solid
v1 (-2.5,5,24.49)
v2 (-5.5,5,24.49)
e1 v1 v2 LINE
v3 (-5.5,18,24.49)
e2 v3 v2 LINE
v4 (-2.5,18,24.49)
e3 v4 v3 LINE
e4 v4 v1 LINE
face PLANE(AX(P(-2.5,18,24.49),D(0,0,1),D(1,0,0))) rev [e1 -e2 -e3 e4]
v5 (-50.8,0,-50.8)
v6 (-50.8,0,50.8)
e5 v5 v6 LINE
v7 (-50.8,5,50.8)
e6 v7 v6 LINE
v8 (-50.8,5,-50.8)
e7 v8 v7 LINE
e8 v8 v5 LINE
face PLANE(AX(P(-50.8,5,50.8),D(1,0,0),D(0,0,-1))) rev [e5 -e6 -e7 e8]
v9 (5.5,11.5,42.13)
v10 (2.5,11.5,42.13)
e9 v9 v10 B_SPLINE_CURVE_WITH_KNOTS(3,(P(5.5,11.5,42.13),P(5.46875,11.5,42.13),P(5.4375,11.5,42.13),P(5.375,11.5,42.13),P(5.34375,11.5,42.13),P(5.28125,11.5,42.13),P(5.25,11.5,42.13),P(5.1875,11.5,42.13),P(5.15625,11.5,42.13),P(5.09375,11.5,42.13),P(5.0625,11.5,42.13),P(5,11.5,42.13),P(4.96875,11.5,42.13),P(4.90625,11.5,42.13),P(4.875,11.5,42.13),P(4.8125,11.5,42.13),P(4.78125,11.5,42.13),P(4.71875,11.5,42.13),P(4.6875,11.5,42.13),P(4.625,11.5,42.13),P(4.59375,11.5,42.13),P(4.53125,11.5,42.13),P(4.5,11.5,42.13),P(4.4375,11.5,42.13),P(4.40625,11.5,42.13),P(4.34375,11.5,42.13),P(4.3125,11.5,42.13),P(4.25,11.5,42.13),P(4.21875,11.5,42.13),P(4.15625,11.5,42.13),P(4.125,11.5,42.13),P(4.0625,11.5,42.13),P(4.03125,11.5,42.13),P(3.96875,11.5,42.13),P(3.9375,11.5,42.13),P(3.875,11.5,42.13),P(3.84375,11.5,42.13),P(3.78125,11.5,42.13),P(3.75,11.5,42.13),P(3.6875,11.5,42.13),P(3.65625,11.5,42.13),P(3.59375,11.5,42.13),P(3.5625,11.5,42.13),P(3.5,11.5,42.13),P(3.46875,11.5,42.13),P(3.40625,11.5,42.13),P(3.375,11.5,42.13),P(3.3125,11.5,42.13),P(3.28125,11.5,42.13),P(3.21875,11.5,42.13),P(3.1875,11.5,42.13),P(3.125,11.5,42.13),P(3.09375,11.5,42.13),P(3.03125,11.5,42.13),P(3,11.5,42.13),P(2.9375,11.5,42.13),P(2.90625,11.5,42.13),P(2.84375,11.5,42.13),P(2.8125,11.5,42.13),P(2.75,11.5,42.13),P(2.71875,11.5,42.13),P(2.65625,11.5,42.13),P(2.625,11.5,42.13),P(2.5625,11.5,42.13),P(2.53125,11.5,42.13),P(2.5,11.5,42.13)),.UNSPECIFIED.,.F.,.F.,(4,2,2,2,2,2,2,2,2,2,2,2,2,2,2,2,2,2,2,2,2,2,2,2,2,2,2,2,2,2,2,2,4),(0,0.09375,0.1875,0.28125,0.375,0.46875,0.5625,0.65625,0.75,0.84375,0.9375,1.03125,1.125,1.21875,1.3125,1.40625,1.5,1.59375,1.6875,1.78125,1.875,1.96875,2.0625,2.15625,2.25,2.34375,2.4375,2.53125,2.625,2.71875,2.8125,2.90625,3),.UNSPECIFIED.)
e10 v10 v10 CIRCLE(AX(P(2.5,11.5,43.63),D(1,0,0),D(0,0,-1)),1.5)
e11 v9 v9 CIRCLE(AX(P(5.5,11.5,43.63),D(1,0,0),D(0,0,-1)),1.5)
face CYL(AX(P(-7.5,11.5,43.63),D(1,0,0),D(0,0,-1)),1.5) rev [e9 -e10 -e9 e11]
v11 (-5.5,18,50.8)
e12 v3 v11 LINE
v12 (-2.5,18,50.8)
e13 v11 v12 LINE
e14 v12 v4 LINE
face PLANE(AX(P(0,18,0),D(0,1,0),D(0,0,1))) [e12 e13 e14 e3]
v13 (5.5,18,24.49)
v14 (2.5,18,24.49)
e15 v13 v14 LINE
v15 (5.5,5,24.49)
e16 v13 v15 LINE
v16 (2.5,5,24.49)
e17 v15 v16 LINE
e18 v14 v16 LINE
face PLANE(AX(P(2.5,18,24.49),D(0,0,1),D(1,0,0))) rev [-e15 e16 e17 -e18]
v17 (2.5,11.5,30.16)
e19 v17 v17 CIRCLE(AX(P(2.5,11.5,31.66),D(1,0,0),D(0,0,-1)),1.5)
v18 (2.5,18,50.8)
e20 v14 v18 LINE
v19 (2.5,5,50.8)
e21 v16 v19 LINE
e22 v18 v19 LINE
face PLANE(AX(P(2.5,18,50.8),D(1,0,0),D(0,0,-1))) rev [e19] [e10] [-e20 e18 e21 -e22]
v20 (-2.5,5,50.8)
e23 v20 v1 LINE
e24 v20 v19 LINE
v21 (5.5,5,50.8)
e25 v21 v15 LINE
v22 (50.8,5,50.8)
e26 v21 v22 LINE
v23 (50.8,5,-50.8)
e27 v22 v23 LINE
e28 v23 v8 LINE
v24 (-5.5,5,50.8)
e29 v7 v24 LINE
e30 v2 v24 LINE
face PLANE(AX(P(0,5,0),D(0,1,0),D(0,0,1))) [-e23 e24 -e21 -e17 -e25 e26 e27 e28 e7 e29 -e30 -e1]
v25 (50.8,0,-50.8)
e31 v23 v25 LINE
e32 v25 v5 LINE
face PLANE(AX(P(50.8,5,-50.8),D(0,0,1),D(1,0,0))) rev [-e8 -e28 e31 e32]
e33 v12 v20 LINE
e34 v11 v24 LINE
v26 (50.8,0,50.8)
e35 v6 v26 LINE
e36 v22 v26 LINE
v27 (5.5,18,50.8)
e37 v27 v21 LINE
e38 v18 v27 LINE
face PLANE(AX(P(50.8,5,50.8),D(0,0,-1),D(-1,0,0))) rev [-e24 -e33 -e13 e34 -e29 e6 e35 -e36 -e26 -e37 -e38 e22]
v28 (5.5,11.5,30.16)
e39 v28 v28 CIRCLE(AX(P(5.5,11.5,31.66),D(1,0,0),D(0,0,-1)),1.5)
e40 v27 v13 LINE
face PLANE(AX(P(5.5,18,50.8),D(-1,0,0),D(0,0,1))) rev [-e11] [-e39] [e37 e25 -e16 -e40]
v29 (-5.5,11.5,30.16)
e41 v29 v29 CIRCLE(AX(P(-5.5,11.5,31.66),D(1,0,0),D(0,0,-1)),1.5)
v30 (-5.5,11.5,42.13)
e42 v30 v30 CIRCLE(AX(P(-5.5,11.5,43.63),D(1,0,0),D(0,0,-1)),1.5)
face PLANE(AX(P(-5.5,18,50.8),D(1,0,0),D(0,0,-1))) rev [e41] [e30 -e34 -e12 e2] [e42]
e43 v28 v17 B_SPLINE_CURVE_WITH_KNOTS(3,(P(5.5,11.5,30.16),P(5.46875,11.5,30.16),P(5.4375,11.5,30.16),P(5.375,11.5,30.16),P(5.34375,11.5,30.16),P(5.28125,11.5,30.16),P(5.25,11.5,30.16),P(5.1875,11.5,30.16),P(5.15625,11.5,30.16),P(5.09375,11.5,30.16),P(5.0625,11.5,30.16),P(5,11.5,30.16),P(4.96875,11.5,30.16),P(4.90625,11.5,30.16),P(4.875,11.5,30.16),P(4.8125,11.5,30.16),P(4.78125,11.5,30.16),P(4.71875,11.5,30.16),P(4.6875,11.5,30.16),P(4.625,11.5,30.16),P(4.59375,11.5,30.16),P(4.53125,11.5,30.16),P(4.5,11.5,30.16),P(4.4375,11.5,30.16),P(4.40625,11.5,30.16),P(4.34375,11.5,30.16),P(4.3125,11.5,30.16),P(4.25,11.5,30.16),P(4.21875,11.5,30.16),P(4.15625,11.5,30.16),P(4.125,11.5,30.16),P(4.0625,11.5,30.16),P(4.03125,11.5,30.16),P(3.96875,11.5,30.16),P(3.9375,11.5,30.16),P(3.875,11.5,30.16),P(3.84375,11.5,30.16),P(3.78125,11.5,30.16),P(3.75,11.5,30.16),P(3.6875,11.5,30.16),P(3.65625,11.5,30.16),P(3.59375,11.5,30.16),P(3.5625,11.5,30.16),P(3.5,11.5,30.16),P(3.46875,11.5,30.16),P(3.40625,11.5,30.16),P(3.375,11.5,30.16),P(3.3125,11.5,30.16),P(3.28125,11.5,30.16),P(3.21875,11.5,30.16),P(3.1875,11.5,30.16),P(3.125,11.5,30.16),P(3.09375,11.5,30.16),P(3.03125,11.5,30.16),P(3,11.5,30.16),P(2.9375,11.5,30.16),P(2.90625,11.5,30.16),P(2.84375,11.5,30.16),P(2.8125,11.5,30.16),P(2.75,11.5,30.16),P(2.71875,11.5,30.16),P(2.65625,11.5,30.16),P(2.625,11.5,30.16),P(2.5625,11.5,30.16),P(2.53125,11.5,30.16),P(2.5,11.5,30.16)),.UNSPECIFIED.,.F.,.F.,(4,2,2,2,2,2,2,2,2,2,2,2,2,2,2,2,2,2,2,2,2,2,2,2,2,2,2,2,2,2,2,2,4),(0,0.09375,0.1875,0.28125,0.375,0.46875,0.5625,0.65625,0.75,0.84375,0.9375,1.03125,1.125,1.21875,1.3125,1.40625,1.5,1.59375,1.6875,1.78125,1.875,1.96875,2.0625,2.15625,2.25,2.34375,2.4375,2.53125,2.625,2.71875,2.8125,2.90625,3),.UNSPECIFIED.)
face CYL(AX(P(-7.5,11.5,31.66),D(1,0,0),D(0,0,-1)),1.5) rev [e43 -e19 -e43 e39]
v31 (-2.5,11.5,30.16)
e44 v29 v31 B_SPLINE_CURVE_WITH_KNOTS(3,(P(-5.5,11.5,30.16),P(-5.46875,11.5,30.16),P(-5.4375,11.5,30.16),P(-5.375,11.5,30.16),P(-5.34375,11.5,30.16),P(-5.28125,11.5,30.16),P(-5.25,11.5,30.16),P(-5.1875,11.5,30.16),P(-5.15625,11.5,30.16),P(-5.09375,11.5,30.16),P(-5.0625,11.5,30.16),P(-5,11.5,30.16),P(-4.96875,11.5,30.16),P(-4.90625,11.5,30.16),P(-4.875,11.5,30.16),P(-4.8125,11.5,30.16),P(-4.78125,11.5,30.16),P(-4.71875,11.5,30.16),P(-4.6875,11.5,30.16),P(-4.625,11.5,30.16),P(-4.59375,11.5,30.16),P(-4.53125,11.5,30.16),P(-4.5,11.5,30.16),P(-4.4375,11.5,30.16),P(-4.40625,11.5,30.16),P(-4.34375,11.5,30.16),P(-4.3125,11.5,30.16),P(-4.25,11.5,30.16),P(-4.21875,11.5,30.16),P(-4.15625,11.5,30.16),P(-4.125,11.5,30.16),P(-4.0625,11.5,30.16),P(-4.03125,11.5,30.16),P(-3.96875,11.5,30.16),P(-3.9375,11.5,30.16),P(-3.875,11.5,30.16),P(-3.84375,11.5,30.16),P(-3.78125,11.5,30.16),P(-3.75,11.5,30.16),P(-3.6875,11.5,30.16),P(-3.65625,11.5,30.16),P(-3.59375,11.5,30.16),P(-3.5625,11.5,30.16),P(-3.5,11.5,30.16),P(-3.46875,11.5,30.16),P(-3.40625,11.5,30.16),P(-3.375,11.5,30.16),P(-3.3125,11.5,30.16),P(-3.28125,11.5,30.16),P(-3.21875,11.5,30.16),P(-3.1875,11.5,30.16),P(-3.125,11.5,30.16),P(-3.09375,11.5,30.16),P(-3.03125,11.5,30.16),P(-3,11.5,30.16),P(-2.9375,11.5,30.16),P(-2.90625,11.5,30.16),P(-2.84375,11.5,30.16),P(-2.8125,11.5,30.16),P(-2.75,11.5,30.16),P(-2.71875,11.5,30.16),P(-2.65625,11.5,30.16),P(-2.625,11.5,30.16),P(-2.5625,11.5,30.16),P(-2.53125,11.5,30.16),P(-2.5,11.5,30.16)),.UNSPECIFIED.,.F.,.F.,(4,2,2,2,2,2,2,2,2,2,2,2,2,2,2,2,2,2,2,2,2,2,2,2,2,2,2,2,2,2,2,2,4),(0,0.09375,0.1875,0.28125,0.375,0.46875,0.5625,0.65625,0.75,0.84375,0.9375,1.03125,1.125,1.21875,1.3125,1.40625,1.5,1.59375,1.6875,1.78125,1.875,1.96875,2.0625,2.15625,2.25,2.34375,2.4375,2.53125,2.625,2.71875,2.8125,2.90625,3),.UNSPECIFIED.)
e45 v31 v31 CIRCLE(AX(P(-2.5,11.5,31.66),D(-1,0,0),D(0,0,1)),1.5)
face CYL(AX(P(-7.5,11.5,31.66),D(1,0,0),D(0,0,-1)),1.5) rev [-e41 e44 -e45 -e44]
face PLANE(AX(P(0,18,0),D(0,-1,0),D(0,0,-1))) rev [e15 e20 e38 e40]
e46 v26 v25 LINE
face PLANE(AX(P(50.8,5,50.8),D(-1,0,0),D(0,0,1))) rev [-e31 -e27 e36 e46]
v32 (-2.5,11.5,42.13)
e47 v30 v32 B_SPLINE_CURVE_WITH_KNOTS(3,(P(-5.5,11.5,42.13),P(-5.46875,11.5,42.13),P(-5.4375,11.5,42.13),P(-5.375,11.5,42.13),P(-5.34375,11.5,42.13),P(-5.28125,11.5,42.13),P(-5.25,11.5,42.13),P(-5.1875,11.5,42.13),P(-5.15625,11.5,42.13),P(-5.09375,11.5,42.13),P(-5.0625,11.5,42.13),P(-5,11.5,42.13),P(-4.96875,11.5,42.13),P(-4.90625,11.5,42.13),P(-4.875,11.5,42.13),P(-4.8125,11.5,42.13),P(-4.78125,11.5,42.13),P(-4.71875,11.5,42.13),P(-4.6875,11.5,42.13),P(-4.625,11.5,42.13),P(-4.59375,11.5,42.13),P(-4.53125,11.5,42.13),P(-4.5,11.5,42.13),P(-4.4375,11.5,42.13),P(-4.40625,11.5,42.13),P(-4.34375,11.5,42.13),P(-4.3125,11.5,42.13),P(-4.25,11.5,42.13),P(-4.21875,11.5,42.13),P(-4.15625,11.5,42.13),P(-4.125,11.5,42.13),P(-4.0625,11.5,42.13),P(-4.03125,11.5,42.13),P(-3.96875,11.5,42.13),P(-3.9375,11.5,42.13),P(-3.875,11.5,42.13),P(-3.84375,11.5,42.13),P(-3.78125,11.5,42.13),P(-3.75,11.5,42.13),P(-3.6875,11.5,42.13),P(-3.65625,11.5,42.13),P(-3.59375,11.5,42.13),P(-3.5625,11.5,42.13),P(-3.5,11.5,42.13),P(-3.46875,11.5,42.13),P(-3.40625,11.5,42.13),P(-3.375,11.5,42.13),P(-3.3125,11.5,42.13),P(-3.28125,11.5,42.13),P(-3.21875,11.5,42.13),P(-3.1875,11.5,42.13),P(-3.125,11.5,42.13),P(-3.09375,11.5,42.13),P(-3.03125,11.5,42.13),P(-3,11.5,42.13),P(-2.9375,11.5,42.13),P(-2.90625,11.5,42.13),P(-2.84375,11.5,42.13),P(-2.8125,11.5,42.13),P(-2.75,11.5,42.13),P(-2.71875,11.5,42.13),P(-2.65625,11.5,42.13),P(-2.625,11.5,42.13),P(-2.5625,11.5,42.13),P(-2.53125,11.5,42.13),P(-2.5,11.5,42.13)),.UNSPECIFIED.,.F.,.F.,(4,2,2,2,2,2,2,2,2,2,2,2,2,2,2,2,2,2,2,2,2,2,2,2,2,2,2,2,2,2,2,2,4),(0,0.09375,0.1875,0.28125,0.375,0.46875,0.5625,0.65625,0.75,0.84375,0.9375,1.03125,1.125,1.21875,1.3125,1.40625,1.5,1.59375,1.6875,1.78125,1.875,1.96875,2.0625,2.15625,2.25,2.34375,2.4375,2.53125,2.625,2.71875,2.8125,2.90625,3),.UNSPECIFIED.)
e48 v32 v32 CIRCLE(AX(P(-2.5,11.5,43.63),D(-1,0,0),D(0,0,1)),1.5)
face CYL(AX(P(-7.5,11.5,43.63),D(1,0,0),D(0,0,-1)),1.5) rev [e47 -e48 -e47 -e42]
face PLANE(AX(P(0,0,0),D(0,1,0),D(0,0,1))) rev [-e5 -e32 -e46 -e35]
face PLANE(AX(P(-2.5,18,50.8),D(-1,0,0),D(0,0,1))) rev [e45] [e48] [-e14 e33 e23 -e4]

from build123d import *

# Parameters (mm, degrees)
SKETCH1_W           = 101.6
SKETCH1_H           = 101.6
BOSS_EXTRUDE1_DEPTH = 5
SKETCH2_W           = 3
SKETCH2_H           = 26.31
BOSS_EXTRUDE2_DEPTH = 13
SKETCH3_R           = 1.5
CUT_EXTRUDE1_DEPTH  = 13


with BuildPart() as part:
    # Sketch1 → Boss-Extrude1 (new body)
    with BuildSketch(Plane(origin=(0, 0, 0), x_dir=(1, 0, 0), z_dir=(0, 1, 0))):
        Rectangle(SKETCH1_W, SKETCH1_H)
    extrude(amount=BOSS_EXTRUDE1_DEPTH)

    # Sketch2 → Boss-Extrude2 (add)
    with BuildSketch(Plane(origin=(0, 5, 0), x_dir=(1, 0, 0), z_dir=(0, 1, 0))):
        with Locations((-4, -37.645)):
            Rectangle(SKETCH2_W, SKETCH2_H)
        with Locations((4, -37.645)):
            Rectangle(SKETCH2_W, SKETCH2_H)
    extrude(amount=BOSS_EXTRUDE2_DEPTH)

    # Sketch3 → Cut-Extrude1 (cut)
    with BuildSketch(Plane(origin=(5.5, 0, 0), x_dir=(0, 0, -1), z_dir=(1, 0, 0))):
        with Locations((-43.63, 11.5)):
            Circle(SKETCH3_R)
        with Locations((-31.66, 11.5)):
            Circle(SKETCH3_R)
    extrude(amount=-CUT_EXTRUDE1_DEPTH, mode=Mode.SUBTRACT)


solid = part.part
